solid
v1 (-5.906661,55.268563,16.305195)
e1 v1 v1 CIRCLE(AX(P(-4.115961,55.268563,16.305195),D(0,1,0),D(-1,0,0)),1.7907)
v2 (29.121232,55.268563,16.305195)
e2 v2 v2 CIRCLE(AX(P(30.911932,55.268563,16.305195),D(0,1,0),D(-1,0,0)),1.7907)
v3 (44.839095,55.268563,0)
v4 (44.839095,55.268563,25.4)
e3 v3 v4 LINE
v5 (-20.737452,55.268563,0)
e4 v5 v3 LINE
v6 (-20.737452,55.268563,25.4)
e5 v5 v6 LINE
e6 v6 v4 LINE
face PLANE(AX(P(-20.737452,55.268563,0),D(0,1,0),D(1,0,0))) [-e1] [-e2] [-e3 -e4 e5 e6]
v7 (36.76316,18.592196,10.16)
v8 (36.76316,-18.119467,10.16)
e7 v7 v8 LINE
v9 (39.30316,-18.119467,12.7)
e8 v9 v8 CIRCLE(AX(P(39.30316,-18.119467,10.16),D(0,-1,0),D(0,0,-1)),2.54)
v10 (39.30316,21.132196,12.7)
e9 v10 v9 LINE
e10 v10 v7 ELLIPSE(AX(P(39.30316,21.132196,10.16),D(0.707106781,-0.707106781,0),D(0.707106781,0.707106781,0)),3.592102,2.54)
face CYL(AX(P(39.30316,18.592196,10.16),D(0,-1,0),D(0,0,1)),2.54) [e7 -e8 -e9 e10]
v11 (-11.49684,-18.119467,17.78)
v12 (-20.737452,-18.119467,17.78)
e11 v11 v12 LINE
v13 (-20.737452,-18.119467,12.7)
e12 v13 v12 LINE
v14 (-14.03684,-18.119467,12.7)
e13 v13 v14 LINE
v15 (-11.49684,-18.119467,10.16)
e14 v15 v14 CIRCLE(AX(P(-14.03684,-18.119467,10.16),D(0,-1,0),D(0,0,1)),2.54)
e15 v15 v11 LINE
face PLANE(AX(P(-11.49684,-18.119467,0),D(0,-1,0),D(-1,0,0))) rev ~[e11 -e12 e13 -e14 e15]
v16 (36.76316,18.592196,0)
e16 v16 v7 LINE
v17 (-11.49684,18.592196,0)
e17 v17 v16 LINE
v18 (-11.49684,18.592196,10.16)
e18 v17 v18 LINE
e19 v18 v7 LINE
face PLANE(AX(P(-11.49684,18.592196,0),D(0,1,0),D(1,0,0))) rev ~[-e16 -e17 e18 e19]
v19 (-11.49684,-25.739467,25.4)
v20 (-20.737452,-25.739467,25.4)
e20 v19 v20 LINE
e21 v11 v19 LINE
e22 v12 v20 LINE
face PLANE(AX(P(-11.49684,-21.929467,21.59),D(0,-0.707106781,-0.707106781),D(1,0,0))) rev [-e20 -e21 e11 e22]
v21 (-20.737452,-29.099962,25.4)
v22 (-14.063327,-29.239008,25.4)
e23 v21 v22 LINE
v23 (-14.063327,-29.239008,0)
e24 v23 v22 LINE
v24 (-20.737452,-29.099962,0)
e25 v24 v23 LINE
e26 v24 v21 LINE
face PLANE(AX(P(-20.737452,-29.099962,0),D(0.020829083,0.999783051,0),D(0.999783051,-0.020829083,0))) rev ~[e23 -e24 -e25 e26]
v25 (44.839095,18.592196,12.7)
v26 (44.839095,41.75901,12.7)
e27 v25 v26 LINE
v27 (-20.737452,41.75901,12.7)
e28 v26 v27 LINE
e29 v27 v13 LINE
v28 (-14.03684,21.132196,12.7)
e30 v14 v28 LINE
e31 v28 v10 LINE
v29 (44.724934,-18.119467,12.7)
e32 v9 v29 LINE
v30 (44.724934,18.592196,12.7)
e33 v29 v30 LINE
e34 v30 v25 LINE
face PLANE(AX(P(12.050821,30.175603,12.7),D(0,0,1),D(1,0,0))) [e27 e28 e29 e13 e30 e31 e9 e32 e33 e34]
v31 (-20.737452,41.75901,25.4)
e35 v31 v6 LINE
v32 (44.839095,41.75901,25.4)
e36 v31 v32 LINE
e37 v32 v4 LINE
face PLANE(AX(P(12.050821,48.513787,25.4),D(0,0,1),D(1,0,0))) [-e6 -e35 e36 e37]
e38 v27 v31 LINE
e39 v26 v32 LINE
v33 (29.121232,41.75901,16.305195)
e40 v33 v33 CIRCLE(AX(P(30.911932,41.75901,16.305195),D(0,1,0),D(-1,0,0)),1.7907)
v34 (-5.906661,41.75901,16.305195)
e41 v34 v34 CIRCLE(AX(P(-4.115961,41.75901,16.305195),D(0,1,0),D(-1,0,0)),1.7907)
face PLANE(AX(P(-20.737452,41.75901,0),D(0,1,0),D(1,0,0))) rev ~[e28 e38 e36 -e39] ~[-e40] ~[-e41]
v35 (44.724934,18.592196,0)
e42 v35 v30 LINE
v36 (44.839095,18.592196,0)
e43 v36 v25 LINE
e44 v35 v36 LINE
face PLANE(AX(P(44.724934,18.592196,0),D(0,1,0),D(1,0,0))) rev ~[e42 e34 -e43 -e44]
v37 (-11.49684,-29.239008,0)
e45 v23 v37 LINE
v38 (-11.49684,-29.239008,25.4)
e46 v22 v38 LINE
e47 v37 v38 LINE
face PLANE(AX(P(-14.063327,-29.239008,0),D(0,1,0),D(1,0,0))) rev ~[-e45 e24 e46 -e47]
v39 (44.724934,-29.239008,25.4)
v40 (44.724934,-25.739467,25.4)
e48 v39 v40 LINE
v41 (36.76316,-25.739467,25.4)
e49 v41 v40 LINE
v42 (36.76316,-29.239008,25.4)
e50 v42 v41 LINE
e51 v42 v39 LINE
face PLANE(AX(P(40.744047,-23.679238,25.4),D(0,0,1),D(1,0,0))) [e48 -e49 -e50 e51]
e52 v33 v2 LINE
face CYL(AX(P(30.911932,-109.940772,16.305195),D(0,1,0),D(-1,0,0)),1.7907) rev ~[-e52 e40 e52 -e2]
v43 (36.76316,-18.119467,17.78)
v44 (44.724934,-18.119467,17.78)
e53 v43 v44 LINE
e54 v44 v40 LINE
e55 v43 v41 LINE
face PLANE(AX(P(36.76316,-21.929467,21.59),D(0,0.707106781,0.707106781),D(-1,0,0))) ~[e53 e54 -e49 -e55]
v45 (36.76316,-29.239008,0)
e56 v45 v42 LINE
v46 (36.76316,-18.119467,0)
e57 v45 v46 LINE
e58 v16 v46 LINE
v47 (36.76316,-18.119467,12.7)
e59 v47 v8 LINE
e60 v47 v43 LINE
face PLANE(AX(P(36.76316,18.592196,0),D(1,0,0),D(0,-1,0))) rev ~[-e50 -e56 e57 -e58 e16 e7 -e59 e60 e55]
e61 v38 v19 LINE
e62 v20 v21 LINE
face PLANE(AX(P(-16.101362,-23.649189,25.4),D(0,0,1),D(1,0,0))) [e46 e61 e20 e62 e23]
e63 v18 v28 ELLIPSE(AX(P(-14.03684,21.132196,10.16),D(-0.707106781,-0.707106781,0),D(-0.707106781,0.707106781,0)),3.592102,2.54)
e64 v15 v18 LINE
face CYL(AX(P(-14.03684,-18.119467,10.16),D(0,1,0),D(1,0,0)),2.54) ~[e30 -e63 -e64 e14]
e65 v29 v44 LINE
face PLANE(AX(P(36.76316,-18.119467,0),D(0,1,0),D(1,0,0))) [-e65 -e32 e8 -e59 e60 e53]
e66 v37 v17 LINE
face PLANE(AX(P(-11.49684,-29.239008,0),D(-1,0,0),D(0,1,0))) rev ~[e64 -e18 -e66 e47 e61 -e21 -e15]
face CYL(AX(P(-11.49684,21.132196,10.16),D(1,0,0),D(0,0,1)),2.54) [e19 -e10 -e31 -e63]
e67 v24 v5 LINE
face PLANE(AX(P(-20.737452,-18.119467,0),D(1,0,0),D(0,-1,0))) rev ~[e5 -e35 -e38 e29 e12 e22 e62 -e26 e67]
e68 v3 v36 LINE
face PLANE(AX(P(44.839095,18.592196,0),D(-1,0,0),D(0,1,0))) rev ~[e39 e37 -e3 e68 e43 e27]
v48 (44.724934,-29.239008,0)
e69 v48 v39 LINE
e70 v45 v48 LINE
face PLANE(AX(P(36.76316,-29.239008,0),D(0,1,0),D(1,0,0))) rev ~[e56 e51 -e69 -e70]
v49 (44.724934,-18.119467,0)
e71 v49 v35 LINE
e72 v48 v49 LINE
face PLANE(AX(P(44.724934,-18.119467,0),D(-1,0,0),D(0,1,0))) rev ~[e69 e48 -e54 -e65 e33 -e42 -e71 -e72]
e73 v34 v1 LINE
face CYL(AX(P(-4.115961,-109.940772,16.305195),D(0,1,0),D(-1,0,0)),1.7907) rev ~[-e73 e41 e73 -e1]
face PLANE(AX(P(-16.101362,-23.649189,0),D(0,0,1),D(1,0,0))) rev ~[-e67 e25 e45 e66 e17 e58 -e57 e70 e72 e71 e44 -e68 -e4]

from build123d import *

# Parameters (mm, degrees)
F0_R     = 1.5930121089
F0_R_2   = 1.27
F1_DEPTH = 12.7
F0_W     = 7.9617746973
F0_H     = 11.1195407808
F0_W_2   = 65.5765477568
F0_H_2   = 13.5095529258
F2_DEPTH = 25.4
F3_SIZE  = 7.62
F5_D     = 3.5814
F6_R     = 2.54


with BuildPart() as f1:
    # F0 (on Top) → F1 (new body)
    with BuildSketch(Plane.XY):
        Polygon((-11.4968402433, 18.5921955854), (-0.2459318388, 18.5921955854), (36.7631597567, 18.5921955854), (44.724934454, 18.5921955854), (44.8390953243, 18.5921955854), (44.8390953243, 41.7590104043), (-20.7374524325, 41.7590104043), (-20.7374524325, 18.5921955854), align=None)
        Polygon((-11.4968402433, 13.8334799558), (-11.4968402433, 18.5921955854), (-20.7374524325, 18.5921955854), (-20.7374524325, -18.1194674224), (-11.4968402433, -18.1194674224), align=None)
        with Locations((-16.2880346179, 13.6660579592)):
            Circle(F0_R, mode=Mode.SUBTRACT)
        Polygon((44.724934454, 18.5921955854), (36.7631597567, 18.5921955854), (36.7631597567, 13.8334799558), (36.7631597567, -18.1194674224), (44.724934454, -18.1194674224), align=None)
        with Locations((40.6009033322, 13.8249658048)):
            Circle(F0_R_2, mode=Mode.SUBTRACT)
        with Locations((40.6009033322, 13.8249658048)):
            Circle(F0_R_2)
        with Locations((-16.2880346179, 13.6660579592)):
            Circle(F0_R)
    extrude(amount=F1_DEPTH)

    # F0 (on Top) → F2 (join)
    with BuildSketch(Plane.XY):
        Polygon((-11.4968402433, -29.2390082031), (-11.4968402433, -18.1194674224), (-20.7374524325, -18.1194674224), (-20.7374524325, -29.0999621163), (-14.0633266419, -29.2390082031), align=None)
        with Locations((40.7440471053, -23.6792378128)):
            Rectangle(F0_W, F0_H)
        with Locations((12.0508214459, 48.5137868673)):
            Rectangle(F0_W_2, F0_H_2)
    extrude(amount=F2_DEPTH)

    # F3
    f3_edges = [f1.edges().sort_by_distance(p)[0] for p in [
        (-16.117146, -18.119467, 25.4),
        (40.744047, -18.119467, 25.4),
    ]]
    chamfer(f3_edges, length=F3_SIZE)

    # F5 (through all)
    with Locations(Plane.XZ):
        with Locations((30.9119317681, 16.3051951677), (-4.1159610264, 16.3051951677)):
            Hole(F5_D / 2)

    # F6
    f6_edges = [f1.edges().sort_by_distance(p)[0] for p in [
        (-11.49684, 0.236364, 12.7),
        (12.63316, 18.592196, 12.7),
        (36.76316, 0.236364, 12.7),
    ]]
    fillet(f6_edges, radius=F6_R)


solid = f1.part
